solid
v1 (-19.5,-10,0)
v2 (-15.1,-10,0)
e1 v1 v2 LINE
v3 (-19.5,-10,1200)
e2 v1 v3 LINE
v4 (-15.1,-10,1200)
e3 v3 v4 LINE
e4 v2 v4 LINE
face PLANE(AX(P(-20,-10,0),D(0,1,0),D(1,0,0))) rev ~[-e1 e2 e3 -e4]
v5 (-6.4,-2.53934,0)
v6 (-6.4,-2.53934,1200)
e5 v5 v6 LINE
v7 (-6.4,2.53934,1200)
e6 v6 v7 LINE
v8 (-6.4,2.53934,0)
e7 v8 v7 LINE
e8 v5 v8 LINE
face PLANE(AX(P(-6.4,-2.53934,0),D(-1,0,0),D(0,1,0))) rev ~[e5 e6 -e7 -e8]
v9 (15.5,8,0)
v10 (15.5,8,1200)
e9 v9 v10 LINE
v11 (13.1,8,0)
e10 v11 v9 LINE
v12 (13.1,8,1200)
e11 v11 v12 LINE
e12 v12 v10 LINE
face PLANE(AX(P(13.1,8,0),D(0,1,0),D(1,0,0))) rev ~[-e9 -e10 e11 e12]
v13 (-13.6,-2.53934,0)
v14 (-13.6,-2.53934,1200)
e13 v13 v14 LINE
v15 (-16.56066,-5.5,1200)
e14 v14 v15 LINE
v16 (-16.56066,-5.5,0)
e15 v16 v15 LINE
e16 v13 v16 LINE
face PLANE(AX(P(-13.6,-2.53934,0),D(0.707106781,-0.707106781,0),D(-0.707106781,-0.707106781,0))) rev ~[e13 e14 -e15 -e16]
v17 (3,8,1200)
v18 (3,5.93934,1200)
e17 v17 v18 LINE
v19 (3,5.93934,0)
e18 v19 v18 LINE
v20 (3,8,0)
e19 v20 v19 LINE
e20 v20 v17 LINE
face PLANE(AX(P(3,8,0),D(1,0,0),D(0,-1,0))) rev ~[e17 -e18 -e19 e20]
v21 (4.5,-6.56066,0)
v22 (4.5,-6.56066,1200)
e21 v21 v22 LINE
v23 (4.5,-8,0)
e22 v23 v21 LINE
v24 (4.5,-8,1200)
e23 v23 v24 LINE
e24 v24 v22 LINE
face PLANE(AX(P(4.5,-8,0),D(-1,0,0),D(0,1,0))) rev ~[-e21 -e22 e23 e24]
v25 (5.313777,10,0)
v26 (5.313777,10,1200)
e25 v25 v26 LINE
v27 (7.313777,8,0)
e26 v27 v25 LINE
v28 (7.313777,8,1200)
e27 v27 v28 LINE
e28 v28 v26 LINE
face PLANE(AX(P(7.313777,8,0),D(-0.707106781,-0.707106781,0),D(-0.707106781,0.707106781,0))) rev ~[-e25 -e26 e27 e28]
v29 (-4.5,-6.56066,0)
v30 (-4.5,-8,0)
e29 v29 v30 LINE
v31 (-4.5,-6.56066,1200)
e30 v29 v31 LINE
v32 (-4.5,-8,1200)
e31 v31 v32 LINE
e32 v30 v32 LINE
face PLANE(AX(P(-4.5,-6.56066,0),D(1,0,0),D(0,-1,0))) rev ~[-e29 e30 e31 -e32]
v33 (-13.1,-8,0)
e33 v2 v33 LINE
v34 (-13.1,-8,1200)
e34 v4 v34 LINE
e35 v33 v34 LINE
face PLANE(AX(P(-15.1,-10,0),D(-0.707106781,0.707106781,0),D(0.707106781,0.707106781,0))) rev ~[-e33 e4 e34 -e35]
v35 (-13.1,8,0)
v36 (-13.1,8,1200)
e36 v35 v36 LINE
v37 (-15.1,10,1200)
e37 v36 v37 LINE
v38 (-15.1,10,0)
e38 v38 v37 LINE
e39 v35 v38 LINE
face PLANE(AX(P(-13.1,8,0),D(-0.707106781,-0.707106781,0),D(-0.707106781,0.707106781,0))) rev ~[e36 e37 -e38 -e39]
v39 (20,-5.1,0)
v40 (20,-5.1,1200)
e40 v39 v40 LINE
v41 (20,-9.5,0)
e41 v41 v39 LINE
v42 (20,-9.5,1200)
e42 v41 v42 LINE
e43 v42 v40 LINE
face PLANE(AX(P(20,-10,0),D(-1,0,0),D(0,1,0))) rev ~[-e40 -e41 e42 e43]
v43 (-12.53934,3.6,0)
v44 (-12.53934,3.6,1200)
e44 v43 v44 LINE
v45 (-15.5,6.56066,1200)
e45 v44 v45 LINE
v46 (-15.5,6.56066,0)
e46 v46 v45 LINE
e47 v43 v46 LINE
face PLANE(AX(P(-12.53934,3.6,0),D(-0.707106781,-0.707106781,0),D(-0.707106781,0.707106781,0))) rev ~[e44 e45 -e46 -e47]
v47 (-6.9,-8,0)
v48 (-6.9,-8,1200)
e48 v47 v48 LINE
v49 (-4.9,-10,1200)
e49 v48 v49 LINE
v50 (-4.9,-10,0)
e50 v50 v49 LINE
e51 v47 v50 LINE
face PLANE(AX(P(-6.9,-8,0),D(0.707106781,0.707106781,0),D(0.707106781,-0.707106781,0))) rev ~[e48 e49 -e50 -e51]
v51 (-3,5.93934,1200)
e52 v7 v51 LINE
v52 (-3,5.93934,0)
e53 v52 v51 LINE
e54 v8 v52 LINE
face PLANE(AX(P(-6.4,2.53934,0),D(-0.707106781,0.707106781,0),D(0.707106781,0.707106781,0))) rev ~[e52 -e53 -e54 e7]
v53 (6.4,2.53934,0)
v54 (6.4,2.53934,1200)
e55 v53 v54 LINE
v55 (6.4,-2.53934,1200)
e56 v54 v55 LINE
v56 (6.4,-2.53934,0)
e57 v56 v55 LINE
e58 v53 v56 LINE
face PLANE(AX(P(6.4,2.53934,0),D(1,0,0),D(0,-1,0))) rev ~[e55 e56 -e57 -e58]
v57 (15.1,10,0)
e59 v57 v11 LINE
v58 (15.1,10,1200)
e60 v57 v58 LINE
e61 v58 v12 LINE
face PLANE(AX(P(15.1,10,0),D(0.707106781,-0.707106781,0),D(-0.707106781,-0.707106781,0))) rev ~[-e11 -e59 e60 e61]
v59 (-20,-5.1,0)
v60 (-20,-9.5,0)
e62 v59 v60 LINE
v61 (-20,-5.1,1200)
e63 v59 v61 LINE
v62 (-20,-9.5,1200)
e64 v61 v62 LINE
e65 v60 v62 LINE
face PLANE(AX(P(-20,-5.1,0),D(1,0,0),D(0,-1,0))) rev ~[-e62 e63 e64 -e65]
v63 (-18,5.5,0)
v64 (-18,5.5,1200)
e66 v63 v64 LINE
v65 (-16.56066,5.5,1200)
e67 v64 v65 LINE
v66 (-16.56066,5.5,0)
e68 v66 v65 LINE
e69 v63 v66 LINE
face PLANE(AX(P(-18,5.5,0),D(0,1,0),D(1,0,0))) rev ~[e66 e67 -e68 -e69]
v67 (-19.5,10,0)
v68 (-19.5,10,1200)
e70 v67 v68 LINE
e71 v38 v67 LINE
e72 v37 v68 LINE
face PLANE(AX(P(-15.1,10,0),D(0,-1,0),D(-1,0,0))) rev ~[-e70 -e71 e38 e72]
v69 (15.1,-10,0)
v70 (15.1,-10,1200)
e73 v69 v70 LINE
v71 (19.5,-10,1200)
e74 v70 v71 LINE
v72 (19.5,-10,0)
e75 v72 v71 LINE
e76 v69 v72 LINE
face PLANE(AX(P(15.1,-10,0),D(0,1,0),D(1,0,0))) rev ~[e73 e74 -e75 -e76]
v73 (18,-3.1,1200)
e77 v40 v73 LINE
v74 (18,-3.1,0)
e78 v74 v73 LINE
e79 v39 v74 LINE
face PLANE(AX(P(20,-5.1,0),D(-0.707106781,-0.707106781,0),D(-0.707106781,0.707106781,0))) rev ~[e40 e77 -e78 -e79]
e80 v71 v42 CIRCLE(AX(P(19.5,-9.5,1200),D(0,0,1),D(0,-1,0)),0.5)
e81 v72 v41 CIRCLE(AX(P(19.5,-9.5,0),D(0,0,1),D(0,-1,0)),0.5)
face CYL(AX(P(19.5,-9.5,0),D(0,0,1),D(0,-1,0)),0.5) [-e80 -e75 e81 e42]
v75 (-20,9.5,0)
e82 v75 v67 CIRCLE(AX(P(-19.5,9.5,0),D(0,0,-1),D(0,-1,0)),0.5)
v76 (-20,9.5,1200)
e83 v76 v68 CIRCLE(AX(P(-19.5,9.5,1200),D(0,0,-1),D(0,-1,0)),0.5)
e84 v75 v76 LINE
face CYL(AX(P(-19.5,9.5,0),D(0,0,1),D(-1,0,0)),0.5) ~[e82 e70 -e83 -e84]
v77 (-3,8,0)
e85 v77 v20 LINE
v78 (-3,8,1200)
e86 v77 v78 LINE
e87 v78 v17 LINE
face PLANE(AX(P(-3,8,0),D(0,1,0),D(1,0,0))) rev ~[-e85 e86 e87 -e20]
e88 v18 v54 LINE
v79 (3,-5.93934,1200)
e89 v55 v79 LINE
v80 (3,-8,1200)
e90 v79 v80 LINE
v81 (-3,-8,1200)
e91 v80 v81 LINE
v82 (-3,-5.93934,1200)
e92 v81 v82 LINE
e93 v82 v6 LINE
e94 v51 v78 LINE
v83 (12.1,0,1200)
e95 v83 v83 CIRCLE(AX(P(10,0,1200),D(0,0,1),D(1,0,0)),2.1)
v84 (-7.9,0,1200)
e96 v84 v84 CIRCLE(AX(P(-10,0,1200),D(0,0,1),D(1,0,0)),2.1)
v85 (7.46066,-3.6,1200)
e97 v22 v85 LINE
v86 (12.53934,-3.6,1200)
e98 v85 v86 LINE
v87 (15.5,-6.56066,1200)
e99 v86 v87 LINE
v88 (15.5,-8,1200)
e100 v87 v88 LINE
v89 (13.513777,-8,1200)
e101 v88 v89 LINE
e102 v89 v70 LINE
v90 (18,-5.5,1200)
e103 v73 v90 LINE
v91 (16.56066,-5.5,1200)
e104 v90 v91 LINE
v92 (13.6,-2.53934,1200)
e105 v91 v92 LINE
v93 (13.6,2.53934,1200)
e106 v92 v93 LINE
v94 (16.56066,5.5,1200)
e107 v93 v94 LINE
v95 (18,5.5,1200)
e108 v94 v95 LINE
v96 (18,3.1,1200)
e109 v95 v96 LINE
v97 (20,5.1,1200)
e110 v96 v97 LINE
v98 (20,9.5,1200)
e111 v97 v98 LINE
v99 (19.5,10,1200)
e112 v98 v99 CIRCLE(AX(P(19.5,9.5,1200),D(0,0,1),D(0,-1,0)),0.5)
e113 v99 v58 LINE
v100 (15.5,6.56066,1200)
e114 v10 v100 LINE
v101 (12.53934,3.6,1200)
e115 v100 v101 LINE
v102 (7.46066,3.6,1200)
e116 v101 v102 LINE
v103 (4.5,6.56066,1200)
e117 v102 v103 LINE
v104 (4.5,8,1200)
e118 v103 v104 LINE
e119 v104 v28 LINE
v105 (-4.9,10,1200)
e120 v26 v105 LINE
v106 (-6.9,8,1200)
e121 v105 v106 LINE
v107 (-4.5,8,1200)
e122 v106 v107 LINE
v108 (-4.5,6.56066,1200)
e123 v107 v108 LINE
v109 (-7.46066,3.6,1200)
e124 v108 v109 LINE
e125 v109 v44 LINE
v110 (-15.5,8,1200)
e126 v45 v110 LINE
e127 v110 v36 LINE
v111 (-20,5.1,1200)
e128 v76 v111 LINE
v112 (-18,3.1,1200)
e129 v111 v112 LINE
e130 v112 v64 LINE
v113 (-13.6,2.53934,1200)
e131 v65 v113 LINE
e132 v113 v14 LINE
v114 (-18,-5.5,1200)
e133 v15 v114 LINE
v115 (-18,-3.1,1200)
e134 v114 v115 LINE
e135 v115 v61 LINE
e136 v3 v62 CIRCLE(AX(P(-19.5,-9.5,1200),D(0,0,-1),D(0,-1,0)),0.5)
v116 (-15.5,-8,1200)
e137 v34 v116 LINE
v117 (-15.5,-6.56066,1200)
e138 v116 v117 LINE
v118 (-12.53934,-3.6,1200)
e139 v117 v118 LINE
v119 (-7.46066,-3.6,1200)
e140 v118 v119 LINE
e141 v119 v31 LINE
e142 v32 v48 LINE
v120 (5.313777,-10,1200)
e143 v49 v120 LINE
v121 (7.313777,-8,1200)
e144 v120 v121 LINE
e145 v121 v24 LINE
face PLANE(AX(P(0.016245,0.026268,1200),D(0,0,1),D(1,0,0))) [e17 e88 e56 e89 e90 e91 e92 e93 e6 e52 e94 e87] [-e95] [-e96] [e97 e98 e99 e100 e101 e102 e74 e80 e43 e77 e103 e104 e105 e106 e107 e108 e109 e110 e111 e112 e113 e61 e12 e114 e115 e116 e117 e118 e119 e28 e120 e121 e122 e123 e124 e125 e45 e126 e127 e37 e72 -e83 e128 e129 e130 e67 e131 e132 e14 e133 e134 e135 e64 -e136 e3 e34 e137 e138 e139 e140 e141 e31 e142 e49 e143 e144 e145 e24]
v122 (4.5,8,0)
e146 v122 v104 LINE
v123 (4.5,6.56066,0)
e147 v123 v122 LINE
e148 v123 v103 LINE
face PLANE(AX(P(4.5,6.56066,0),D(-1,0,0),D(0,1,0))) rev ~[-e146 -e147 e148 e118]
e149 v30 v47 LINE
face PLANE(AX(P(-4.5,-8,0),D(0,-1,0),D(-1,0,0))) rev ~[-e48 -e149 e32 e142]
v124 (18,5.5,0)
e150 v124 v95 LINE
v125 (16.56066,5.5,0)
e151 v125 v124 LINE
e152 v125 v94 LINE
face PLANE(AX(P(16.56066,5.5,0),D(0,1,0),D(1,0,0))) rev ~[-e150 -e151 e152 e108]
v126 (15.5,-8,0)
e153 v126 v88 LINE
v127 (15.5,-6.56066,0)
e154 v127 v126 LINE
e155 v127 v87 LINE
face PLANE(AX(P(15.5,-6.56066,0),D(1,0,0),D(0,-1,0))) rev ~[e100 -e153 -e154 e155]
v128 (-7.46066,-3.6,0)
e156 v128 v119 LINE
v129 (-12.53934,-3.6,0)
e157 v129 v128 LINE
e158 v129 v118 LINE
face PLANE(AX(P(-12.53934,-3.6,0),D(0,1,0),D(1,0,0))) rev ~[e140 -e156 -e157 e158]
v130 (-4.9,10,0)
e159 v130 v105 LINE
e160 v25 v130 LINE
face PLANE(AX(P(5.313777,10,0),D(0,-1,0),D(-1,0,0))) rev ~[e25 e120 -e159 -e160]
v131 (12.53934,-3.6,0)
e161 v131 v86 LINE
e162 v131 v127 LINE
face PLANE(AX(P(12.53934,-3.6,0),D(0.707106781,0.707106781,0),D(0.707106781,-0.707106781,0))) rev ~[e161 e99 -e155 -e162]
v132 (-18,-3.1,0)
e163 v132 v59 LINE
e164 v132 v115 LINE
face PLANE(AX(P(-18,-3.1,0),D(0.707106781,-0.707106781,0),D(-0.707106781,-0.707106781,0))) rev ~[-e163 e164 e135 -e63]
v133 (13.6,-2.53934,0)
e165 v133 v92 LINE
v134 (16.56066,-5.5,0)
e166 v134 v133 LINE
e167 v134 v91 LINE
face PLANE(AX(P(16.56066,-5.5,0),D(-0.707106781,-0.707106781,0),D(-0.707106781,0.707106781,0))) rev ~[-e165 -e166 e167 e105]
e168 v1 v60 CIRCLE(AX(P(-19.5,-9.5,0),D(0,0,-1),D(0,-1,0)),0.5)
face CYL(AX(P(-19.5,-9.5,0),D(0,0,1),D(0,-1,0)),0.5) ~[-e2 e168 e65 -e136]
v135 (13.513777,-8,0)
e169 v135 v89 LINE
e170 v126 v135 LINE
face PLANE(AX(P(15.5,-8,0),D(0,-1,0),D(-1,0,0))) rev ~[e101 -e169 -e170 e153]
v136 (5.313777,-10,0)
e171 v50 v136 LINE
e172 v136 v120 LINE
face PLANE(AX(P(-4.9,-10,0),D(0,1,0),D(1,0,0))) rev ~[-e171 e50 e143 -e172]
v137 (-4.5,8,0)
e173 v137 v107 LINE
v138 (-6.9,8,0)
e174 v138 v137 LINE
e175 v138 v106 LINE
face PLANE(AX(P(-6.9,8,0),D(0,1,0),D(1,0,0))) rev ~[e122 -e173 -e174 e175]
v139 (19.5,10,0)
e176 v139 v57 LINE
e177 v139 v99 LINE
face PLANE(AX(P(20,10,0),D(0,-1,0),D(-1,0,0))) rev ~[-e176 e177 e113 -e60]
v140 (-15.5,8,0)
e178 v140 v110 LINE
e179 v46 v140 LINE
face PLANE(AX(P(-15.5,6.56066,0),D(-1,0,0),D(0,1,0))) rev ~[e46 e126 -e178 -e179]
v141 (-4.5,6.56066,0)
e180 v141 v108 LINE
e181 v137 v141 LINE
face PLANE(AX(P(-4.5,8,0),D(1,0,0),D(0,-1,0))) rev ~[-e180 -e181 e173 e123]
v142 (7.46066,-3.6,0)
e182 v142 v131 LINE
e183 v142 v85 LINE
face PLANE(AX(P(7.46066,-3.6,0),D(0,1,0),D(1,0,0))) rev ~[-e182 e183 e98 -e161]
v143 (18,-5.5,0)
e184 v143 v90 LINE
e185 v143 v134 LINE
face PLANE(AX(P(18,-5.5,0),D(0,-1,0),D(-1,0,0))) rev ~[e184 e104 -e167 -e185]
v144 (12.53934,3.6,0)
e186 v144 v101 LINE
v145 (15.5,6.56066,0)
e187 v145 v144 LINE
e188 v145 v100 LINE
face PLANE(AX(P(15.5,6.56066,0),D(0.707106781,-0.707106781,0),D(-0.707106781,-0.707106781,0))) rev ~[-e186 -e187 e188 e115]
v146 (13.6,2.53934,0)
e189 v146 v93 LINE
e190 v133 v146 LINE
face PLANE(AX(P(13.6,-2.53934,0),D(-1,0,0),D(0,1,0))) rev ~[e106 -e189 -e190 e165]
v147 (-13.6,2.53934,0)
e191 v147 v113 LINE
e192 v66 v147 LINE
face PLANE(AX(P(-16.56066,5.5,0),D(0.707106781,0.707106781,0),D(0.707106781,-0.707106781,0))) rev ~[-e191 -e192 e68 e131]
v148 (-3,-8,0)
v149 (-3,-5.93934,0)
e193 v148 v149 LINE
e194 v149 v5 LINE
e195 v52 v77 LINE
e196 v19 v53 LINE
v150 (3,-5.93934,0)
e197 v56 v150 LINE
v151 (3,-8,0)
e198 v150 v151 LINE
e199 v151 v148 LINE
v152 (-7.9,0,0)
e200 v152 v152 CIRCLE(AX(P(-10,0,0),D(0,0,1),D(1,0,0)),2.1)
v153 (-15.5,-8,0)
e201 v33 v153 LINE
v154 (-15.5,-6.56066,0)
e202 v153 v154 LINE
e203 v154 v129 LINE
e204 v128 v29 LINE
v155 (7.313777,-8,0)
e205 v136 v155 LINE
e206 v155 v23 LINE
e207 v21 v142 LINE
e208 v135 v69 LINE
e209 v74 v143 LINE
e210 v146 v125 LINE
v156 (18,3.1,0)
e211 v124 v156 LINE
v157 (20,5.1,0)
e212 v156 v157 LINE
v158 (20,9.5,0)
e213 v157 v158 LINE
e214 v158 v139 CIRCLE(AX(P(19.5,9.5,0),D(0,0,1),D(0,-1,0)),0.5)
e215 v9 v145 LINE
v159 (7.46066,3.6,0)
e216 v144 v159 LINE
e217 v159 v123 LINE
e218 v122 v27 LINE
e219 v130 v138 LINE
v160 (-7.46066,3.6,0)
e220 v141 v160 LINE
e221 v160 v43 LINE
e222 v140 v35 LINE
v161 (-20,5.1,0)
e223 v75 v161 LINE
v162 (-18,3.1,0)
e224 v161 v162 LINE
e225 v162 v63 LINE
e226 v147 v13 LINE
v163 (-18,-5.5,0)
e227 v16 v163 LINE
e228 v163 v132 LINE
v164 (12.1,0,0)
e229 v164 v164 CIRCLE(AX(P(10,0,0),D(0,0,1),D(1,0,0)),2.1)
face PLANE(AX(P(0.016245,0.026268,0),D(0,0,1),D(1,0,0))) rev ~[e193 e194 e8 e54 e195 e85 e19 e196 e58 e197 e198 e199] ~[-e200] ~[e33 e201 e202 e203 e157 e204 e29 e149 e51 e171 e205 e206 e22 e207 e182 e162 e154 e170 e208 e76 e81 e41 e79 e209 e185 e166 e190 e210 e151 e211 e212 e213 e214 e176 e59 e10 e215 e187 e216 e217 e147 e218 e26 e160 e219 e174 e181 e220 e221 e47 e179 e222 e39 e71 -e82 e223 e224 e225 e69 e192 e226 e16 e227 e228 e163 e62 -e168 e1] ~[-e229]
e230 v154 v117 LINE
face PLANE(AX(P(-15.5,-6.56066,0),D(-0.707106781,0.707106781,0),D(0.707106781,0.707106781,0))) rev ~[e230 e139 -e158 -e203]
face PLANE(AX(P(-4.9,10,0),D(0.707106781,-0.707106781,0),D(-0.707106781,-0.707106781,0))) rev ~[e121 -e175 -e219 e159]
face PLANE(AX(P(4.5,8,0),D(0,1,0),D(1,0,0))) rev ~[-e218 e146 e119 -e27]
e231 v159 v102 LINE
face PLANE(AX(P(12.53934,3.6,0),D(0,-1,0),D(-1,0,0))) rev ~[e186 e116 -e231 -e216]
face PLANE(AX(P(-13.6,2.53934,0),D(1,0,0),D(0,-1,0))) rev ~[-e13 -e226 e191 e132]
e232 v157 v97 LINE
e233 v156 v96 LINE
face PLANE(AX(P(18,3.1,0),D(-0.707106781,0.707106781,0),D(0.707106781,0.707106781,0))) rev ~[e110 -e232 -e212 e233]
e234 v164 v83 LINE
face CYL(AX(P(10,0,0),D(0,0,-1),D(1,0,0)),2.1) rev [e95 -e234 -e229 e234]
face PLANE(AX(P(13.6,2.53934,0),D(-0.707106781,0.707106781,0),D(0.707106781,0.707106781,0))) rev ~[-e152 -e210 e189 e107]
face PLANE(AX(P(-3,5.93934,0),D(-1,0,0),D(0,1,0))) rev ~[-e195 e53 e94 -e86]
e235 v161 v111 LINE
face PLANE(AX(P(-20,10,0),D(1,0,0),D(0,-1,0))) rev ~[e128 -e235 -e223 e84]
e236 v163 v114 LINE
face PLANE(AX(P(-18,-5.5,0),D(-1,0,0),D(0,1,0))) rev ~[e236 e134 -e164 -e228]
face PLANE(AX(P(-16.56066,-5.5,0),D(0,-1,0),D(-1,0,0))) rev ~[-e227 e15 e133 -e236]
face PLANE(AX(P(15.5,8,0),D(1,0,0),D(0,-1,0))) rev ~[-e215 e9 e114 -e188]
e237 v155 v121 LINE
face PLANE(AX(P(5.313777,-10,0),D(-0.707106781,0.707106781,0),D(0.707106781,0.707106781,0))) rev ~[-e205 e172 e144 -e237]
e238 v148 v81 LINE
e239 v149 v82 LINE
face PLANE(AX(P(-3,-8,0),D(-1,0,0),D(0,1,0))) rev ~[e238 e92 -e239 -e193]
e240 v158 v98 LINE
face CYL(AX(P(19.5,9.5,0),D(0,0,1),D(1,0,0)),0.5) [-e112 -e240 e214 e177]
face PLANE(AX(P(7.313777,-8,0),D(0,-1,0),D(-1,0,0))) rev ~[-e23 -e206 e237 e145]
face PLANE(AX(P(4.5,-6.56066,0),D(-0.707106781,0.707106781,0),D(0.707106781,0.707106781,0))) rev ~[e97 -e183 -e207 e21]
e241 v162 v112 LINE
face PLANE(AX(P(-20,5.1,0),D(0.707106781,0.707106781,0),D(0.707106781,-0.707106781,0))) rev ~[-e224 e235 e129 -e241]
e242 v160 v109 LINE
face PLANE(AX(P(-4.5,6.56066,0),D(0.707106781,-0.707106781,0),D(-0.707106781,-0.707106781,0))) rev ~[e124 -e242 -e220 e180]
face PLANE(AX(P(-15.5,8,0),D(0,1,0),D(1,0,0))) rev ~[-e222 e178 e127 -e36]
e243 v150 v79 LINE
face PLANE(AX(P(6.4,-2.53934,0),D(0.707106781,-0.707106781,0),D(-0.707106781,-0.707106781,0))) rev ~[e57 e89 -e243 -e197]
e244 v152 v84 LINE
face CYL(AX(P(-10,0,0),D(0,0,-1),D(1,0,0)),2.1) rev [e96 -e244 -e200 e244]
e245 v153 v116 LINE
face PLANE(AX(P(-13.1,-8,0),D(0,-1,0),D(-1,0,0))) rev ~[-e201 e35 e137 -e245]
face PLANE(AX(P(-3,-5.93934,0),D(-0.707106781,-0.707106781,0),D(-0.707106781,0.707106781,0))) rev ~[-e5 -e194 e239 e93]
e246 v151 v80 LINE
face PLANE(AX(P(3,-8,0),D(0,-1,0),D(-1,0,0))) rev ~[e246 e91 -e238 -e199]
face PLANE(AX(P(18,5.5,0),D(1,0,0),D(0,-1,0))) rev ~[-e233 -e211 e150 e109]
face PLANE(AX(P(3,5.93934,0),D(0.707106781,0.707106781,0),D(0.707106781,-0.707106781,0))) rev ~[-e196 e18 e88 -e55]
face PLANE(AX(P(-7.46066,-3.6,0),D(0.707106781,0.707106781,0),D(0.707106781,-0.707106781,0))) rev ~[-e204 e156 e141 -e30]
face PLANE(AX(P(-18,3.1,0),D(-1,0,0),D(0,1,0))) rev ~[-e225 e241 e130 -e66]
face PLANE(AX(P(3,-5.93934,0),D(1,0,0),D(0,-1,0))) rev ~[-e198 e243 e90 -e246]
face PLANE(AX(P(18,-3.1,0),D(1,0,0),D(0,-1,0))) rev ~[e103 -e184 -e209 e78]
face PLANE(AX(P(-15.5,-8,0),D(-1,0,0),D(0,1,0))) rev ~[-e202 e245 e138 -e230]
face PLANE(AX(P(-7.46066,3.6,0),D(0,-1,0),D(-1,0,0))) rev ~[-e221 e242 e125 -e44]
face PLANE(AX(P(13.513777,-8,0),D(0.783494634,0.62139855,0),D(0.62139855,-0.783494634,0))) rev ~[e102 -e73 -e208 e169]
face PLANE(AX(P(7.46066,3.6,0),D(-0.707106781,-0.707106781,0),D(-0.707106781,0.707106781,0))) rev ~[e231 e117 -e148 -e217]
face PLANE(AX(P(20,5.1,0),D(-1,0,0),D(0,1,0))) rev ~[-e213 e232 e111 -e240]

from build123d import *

# Parameters (mm, degrees)
SKETCH1_R           = 2.1
BOSS_EXTRUDE1_DEPTH = 1200
FILLET1_R           = 0.5


with BuildPart() as part:
    # Sketch1 → Boss-Extrude1 (new body)
    with BuildSketch(Plane.XY):
        Polygon((-20, -10), (-15.5, -10), (-15.1, -10), (-13.1, -8), (-15.5, -8), (-15.5, -6.560660172), (-12.539339828, -3.6), (-7.460660172, -3.6), (-4.5, -6.560660172), (-4.5, -8), (-6.9, -8), (-4.9, -10), (5.313777138, -10), (7.313777138, -8), (4.5, -8), (4.5, -6.560660172), (7.460660172, -3.6), (12.539339828, -3.6), (15.5, -6.560660172), (15.5, -8), (13.513777138, -8), (15.1, -10), (15.5, -10), (20, -10), (20, -5.5), (20, -5.1), (18, -3.1), (18, -5.5), (16.560660172, -5.5), (13.6, -2.539339828), (13.6, 2.539339828), (16.560660172, 5.5), (18, 5.5), (18, 3.1), (20, 5.1), (20, 5.5), (20, 10), (15.5, 10), (15.1, 10), (13.1, 8), (15.5, 8), (15.5, 6.560660172), (12.539339828, 3.6), (7.460660172, 3.6), (4.5, 6.560660172), (4.5, 8), (7.313777138, 8), (5.313777138, 10), (-4.9, 10), (-6.9, 8), (-4.5, 8), (-4.5, 6.560660172), (-7.460660172, 3.6), (-12.539339828, 3.6), (-15.5, 6.560660172), (-15.5, 8), (-13.1, 8), (-15.1, 10), (-15.5, 10), (-20, 10), (-20, 5.5), (-20, 5.1), (-18, 3.1), (-18, 5.5), (-16.560660172, 5.5), (-13.6, 2.539339828), (-13.6, -2.539339828), (-16.560660172, -5.5), (-18, -5.5), (-18, -3.1), (-20, -5.1), (-20, -5.5), align=None)
        with Locations((-10, 0)):
            Circle(SKETCH1_R, mode=Mode.SUBTRACT)
        with Locations((10, 0)):
            Circle(SKETCH1_R, mode=Mode.SUBTRACT)
        Polygon((3, -5.939339828), (3, -8), (-3, -8), (-3, -5.939339828), (-6.4, -2.539339828), (-6.4, 2.539339828), (-3, 5.939339828), (-3, 8), (3, 8), (3, 5.939339828), (6.4, 2.539339828), (6.4, -2.539339828), align=None, mode=Mode.SUBTRACT)
    extrude(amount=BOSS_EXTRUDE1_DEPTH)

    # Fillet1
    fillet1_edges = [part.edges().sort_by_distance(p)[0] for p in [
        (-20, 10, 600),
        (20, 10, 600),
        (20, -10, 600),
        (-20, -10, 600),
    ]]
    fillet(fillet1_edges, radius=FILLET1_R)


solid = part.part
